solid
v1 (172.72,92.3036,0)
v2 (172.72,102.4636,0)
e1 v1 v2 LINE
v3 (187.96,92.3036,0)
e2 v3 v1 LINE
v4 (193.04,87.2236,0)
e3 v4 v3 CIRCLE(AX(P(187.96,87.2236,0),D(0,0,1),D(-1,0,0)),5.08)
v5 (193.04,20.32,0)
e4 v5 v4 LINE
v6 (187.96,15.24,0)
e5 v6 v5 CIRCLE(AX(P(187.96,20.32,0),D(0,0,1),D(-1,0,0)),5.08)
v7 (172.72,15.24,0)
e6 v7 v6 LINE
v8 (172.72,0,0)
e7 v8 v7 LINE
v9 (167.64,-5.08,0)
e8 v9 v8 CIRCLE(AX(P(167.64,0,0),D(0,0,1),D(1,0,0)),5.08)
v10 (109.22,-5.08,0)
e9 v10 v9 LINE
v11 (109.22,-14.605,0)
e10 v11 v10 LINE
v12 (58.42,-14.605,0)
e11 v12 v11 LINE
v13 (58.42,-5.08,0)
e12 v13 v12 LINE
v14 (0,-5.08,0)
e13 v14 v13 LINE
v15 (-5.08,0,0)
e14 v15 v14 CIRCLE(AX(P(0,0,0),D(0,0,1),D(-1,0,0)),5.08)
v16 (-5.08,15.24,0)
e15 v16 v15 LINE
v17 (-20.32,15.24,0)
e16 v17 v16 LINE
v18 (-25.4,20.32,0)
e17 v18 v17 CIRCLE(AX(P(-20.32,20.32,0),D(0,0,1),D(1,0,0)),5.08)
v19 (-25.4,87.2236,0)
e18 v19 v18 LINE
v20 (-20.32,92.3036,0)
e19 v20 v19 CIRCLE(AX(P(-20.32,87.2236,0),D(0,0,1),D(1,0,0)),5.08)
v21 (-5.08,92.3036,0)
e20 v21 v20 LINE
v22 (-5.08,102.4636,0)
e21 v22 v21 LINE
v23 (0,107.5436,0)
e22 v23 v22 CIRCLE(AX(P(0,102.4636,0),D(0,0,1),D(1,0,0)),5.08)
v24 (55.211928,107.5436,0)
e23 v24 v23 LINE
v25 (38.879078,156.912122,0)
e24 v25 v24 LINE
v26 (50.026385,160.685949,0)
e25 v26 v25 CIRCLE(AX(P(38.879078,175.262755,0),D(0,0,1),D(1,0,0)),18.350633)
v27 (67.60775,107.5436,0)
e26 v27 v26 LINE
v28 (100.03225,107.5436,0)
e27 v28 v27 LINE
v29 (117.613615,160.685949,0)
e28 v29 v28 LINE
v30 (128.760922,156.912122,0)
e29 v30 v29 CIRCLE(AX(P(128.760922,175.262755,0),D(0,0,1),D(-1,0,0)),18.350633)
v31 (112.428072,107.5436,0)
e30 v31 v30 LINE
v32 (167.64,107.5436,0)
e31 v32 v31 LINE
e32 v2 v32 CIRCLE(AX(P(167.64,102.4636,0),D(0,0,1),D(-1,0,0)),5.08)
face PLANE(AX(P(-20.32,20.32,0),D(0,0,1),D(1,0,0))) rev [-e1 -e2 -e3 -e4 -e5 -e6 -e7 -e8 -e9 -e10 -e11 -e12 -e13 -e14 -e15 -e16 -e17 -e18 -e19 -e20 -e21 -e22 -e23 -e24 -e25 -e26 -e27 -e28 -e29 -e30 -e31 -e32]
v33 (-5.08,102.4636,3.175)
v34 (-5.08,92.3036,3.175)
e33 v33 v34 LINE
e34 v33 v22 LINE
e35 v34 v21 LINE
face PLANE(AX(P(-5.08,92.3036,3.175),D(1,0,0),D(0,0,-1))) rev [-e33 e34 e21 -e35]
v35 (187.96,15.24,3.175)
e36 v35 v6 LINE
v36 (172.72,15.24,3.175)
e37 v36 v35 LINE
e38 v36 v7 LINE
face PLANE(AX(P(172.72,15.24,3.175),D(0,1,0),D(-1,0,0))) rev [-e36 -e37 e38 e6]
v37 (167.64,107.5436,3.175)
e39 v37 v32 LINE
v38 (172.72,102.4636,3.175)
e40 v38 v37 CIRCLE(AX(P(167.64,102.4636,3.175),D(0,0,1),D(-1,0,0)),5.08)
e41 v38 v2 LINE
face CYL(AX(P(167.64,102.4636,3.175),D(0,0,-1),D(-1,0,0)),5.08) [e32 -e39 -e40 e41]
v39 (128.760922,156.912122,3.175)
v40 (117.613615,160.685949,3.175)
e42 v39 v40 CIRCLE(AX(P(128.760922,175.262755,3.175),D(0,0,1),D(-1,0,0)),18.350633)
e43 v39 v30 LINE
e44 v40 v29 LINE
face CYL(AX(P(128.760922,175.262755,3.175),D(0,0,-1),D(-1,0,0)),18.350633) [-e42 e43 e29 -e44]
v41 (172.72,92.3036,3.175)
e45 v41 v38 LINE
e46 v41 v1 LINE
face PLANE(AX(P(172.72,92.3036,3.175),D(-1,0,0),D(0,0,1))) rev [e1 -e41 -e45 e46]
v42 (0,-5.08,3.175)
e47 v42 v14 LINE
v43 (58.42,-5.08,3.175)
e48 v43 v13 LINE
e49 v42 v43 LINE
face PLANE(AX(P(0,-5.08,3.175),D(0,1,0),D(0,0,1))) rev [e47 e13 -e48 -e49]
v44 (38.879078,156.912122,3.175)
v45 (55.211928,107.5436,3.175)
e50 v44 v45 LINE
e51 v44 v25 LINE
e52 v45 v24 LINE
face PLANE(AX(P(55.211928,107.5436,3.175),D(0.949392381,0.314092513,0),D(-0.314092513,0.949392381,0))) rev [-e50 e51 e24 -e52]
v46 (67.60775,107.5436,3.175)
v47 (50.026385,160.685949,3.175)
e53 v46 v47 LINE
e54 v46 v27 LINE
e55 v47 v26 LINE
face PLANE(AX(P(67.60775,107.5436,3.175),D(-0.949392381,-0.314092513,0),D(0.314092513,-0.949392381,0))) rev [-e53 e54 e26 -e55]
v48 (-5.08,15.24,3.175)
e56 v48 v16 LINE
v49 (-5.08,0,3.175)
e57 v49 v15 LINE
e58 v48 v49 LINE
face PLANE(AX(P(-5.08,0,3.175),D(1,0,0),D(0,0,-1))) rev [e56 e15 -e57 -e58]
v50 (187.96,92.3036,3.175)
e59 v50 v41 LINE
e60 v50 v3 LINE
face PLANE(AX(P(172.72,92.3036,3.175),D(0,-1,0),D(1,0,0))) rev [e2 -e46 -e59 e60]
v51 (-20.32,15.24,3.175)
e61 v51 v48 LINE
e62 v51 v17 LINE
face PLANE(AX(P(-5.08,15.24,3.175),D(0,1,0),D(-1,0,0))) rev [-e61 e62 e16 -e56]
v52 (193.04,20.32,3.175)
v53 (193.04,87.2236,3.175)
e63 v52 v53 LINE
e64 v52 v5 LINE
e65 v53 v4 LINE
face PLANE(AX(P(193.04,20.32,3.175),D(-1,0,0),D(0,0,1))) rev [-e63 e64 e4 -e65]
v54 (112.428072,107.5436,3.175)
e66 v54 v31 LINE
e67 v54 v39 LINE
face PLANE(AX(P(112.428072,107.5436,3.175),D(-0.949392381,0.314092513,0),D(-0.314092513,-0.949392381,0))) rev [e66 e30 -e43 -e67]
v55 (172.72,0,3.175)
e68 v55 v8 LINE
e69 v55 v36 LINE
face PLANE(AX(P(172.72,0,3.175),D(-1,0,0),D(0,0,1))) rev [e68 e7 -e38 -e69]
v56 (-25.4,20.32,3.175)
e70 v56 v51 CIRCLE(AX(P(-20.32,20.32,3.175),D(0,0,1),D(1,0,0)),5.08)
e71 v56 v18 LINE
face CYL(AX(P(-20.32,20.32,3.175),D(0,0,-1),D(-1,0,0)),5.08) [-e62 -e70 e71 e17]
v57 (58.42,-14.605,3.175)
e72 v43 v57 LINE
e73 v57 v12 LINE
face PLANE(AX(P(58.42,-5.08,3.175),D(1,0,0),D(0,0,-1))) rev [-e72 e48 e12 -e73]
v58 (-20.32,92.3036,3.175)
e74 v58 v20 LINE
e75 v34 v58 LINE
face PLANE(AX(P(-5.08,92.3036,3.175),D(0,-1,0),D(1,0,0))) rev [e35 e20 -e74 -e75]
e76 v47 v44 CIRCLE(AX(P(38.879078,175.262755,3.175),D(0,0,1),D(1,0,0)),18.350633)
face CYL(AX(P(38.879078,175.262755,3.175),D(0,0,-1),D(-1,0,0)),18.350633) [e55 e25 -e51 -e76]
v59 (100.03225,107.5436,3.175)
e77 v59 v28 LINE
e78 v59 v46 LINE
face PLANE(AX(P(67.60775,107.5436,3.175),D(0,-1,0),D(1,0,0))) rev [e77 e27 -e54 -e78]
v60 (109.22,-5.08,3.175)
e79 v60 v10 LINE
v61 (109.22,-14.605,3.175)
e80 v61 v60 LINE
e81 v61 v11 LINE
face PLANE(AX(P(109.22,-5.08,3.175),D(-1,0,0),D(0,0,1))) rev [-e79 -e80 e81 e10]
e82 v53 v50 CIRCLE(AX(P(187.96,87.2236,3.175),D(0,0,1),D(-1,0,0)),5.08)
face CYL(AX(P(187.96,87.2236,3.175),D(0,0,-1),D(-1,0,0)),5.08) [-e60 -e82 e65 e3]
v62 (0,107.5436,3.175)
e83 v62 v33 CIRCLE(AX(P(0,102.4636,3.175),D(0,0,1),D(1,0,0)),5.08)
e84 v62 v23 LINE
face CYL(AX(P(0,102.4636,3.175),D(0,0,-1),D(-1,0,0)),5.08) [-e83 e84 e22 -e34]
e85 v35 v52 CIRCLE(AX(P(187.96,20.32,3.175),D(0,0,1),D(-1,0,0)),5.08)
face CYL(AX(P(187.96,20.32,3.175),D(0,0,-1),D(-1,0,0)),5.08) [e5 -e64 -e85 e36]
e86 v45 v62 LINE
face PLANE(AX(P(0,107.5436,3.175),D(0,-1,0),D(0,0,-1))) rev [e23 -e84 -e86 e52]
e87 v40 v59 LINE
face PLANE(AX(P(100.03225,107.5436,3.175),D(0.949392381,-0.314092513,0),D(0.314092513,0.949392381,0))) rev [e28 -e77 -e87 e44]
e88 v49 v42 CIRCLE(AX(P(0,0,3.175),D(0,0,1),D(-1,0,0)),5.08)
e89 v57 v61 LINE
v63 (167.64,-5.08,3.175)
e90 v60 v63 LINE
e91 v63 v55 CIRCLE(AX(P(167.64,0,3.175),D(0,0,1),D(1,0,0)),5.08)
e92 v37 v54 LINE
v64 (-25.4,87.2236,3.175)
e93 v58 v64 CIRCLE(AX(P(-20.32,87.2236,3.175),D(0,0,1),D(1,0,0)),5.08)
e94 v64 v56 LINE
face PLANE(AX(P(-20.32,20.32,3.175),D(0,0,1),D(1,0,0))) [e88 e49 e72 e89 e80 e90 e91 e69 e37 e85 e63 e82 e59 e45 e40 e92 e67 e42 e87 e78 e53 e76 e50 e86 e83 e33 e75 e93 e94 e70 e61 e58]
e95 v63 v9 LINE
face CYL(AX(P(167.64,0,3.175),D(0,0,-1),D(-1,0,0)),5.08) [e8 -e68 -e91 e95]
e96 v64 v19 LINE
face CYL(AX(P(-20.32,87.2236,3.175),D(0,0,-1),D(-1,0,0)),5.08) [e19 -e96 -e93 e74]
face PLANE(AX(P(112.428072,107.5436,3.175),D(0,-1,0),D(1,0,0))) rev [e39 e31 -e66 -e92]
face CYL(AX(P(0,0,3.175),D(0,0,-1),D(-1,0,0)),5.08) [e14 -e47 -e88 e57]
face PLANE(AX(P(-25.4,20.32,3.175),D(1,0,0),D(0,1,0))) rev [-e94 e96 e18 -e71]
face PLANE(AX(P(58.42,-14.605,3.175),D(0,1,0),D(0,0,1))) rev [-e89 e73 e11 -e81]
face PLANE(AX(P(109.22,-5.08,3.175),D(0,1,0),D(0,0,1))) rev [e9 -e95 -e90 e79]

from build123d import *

# Parameters (mm, degrees)
BOSS_EXTRUDE1_DEPTH = 3.175


with BuildPart() as part:
    # Sketch1 → Boss-Extrude1 (new body)
    with BuildSketch(Plane.XY):
        with BuildLine():
            Line((0, -5.08), (58.42, -5.08))
            Line((58.42, -5.08), (58.42, -14.605))
            Line((58.42, -14.605), (109.22, -14.605))
            Line((109.22, -14.605), (109.22, -5.08))
            Line((109.22, -5.08), (167.64, -5.08))
            ThreePointArc((167.64, -5.08), (171.232102448, -3.592102448), (172.72, 0))
            Line((172.72, 0), (172.72, 15.24))
            Line((172.72, 15.24), (187.96, 15.24))
            ThreePointArc((187.96, 15.24), (191.552102448, 16.727897552), (193.04, 20.32))
            Line((193.04, 20.32), (193.04, 87.2236))
            ThreePointArc((193.04, 87.2236), (191.552102448, 90.815702448), (187.96, 92.3036))
            Line((187.96, 92.3036), (172.72, 92.3036))
            Line((172.72, 92.3036), (172.72, 102.4636))
            ThreePointArc((172.72, 102.4636), (171.232102448, 106.055702448), (167.64, 107.5436))
            Line((167.64, 107.5436), (112.428072163, 107.5436))
            Line((112.428072163, 107.5436), (128.760921922, 156.912121991))
            ThreePointArc((128.760921922, 156.912121991), (134.645312677, 192.644346081), (117.613615035, 160.685948618))
            Line((117.613615035, 160.685948618), (100.032250213, 107.5436))
            Line((100.032250213, 107.5436), (67.607749787, 107.5436))
            Line((67.607749787, 107.5436), (50.026384965, 160.685948618))
            ThreePointArc((50.026384965, 160.685948618), (32.994687323, 192.644346081), (38.879078078, 156.912121991))
            Line((38.879078078, 156.912121991), (55.211927837, 107.5436))
            Line((55.211927837, 107.5436), (0, 107.5436))
            ThreePointArc((0, 107.5436), (-3.592102448, 106.055702448), (-5.08, 102.4636))
            Line((-5.08, 102.4636), (-5.08, 92.3036))
            Line((-5.08, 92.3036), (-20.32, 92.3036))
            ThreePointArc((-20.32, 92.3036), (-23.912102448, 90.815702448), (-25.4, 87.2236))
            Line((-25.4, 87.2236), (-25.4, 20.32))
            ThreePointArc((-25.4, 20.32), (-23.912102448, 16.727897552), (-20.32, 15.24))
            Line((-20.32, 15.24), (-5.08, 15.24))
            Line((-5.08, 15.24), (-5.08, 0))
            ThreePointArc((-5.08, 0), (-3.592102448, -3.592102448), (0, -5.08))
        make_face()
    extrude(amount=BOSS_EXTRUDE1_DEPTH)


solid = part.part
